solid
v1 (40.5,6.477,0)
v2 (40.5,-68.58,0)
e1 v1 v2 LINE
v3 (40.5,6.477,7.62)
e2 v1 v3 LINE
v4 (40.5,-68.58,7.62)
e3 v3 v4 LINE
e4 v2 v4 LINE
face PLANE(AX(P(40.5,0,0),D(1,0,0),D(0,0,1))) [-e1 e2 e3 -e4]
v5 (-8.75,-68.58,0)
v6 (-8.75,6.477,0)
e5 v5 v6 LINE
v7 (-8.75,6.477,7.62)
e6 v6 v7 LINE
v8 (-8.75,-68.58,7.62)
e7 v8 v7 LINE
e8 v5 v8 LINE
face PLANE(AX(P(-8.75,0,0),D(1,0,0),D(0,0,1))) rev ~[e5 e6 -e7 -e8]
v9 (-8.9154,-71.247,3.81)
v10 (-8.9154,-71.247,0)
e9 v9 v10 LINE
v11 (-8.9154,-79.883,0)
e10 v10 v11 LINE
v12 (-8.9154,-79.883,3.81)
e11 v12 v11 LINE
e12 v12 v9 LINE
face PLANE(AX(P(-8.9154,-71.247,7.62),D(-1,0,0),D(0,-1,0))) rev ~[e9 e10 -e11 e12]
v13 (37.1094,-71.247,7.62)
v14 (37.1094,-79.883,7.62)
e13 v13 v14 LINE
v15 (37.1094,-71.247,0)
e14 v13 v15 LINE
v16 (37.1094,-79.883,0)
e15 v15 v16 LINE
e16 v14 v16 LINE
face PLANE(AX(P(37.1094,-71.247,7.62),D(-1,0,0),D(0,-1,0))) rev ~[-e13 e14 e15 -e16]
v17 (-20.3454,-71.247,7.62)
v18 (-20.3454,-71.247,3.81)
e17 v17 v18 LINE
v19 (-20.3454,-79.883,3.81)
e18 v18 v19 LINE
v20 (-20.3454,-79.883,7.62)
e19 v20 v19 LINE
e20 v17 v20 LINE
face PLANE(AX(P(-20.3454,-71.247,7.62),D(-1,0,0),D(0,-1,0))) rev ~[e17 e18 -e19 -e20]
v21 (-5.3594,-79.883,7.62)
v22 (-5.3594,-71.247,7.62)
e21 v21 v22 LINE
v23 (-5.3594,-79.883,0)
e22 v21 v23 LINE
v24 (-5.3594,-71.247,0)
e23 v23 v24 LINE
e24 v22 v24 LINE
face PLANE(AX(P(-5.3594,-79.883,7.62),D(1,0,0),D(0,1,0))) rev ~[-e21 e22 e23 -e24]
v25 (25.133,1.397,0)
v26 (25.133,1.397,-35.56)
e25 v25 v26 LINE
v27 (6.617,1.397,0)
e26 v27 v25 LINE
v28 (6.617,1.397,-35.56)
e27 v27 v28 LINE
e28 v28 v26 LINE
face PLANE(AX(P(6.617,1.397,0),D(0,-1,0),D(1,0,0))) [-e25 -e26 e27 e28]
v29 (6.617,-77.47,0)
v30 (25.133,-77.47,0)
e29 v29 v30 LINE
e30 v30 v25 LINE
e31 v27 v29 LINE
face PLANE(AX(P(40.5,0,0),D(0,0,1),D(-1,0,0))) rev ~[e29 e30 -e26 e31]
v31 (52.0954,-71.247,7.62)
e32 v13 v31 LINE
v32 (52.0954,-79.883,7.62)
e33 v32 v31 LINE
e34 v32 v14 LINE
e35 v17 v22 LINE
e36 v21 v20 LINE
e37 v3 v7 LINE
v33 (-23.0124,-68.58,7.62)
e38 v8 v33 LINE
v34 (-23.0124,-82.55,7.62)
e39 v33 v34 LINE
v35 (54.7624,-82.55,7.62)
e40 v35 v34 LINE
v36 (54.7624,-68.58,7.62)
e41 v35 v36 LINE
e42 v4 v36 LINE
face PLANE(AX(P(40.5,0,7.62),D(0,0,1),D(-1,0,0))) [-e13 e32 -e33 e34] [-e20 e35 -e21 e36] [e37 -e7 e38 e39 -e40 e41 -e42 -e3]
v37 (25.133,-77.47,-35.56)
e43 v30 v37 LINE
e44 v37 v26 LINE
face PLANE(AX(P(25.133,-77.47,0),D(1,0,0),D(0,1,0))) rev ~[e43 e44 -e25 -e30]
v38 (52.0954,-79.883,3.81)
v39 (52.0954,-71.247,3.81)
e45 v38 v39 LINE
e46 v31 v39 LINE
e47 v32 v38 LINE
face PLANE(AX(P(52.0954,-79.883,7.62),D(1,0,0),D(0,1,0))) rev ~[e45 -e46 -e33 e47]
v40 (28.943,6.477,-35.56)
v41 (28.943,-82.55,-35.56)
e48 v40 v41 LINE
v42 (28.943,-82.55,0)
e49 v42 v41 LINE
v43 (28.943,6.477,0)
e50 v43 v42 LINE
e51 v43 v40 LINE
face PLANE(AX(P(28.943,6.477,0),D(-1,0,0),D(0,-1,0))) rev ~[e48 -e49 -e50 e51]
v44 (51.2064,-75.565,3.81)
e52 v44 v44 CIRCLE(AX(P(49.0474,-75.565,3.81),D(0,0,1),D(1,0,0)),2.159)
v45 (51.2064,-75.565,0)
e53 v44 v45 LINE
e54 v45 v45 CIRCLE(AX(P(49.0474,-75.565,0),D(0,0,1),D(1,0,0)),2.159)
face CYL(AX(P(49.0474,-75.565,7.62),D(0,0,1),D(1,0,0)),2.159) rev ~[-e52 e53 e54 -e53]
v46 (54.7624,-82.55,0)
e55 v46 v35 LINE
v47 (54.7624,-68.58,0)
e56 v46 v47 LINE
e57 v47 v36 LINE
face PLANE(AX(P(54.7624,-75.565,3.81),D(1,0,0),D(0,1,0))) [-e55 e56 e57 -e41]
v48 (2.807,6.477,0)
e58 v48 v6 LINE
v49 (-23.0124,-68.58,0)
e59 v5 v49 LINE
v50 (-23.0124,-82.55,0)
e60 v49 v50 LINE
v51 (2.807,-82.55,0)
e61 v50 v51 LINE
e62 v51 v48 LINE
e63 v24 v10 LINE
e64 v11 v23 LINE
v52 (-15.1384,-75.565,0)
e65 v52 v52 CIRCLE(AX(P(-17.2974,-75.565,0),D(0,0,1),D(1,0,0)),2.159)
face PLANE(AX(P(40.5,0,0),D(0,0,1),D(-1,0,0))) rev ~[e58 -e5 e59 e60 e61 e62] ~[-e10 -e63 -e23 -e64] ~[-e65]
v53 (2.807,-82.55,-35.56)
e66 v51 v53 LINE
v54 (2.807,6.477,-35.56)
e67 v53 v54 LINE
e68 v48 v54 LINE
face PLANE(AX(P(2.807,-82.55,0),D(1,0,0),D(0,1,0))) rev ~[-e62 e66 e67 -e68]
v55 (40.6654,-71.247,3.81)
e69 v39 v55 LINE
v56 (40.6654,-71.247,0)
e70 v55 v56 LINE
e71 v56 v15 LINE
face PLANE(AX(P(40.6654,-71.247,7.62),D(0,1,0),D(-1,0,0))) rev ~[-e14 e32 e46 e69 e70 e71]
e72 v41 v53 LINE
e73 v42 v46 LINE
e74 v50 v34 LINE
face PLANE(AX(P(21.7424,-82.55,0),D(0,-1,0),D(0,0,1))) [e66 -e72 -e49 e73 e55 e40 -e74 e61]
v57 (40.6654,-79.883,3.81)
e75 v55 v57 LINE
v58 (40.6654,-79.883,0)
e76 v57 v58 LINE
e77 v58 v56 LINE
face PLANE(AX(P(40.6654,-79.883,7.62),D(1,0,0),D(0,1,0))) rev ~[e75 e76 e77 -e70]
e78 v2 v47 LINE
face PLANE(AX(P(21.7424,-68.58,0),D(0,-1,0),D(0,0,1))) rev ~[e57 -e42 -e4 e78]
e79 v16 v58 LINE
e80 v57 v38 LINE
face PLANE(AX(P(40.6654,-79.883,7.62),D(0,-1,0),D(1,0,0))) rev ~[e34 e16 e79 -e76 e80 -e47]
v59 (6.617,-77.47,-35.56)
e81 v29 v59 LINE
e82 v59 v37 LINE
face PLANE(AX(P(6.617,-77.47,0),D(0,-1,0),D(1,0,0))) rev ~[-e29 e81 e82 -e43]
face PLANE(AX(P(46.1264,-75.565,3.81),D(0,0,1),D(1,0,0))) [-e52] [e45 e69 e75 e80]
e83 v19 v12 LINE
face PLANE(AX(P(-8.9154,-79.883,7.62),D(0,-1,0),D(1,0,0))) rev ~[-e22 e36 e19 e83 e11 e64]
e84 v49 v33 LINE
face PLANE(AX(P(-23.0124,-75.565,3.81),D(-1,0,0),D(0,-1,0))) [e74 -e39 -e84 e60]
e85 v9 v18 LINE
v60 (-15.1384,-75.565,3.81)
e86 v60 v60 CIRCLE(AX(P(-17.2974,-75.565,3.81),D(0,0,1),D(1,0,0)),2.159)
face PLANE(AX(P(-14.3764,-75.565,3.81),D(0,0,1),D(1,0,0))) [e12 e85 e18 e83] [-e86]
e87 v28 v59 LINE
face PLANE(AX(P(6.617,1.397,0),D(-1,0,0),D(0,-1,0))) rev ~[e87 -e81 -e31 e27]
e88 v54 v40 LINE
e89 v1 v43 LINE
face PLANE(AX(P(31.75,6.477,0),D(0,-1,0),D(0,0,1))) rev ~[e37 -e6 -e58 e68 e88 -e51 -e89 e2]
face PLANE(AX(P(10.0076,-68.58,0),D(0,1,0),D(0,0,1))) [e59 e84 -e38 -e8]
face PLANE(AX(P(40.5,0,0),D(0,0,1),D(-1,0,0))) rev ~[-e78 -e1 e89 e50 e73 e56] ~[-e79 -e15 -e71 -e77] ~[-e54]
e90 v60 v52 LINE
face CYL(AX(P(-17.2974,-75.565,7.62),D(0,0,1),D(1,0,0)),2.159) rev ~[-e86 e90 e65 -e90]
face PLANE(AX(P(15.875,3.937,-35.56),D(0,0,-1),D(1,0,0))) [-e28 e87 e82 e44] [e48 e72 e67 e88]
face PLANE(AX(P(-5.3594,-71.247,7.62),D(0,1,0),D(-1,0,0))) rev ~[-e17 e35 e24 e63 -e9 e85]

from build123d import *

# Parameters (mm, degrees)
F0_W      = 31.75
F0_H      = 63.5
F1_DEPTH  = 7.62
F2_W      = 11.7348
F2_H      = 7.62
F3_DEPTH  = 19.05
F4_W      = 13.97
F4_H      = 7.62
F5_DEPTH  = 33.02
F6_W      = 13.97
F6_H      = 7.62
F7_DEPTH  = 33.02
F8_R      = 2.159
F8_W      = 0.508
F8_H      = 7.62
F8_W_2    = 2.54
F9_DEPTH  = 7.621
F10_DEPTH = 10.0076
F11_DEPTH = 10.0076
F8_W_3    = 10.922
F12_DEPTH = 3.81
F13_DEPTH = 8.75000028
F14_DEPTH = 8.75000028
F15_DEPTH = 6.477
F16_W     = 18.51600056
F16_H     = 5.08
F17_DEPTH = 35.56


with BuildPart() as f1:
    # F0 (on Top) → F1 (new body)
    with BuildSketch(Plane.XY):
        with Locations((15.875, -31.75)):
            Rectangle(F0_W, F0_H)
    extrude(amount=F1_DEPTH)

    # F2 (on face) → F3 (join)
    with BuildSketch(Plane.XZ.offset(63.5)):
        with Locations((15.875, 3.81)):
            Rectangle(F2_W, F2_H)
    extrude(amount=F3_DEPTH)

    # F4 (on face) → F5 (join)
    with BuildSketch(Plane(origin=(10.0076, 0, 0), x_dir=(0, -1, 0), z_dir=(-1, 0, 0))):
        with Locations((75.565, 3.81)):
            Rectangle(F4_W, F4_H)
    extrude(amount=F5_DEPTH)

    # F6 (on face) → F7 (join)
    with BuildSketch(Plane.YZ.offset(21.7424)):
        with Locations((-75.565, 3.81)):
            Rectangle(F6_W, F6_H)
    extrude(amount=F7_DEPTH)

    # F8 (on face) → F9 (cut, through all)
    with BuildSketch(Plane.XY.offset(7.62)):
        with Locations((49.0474, -75.565)):
            Circle(F8_R)
        Polygon((37.6174, -71.755), (40.1574, -71.755), (40.6654, -71.755), (40.6654, -71.247), (37.1094, -71.247), (37.1094, -79.883), (40.6654, -79.883), (40.6654, -79.375), (40.1574, -79.375), (37.6174, -79.375), align=None)
        with Locations((40.4114, -75.565)):
            Rectangle(F8_W, F8_H)
        with Locations((38.8874, -75.565)):
            Rectangle(F8_W_2, F8_H)
        with Locations((-17.2974, -75.565)):
            Circle(F8_R)
        Polygon((-8.4074, -71.755), (-5.8674, -71.755), (-5.8674, -79.375), (-8.4074, -79.375), (-8.9154, -79.375), (-8.9154, -79.883), (-5.3594, -79.883), (-5.3594, -71.247), (-8.9154, -71.247), (-8.9154, -71.755), align=None)
        with Locations((-8.6614, -75.565)):
            Rectangle(F8_W, F8_H)
        with Locations((-7.1374, -75.565)):
            Rectangle(F8_W_2, F8_H)
    extrude(amount=-F9_DEPTH, mode=Mode.SUBTRACT)

    # F10 (add): a face of the model
    f10_faces = [f1.faces().sort_by_distance(p)[0] for p in [
        (10.0076, -66.04, 3.81),
    ]]
    extrude(f10_faces, amount=F10_DEPTH)

    # F11 (add): a face of the model
    f11_faces = [f1.faces().sort_by_distance(p)[0] for p in [
        (21.7424, -66.04, 3.81),
    ]]
    extrude(f11_faces, amount=F11_DEPTH)

    # F8 (on face) → F12 (cut)
    with BuildSketch(Plane.XY.offset(7.62)):
        with Locations((46.1264, -75.565)):
            Rectangle(F8_W_3, F8_H)
        with Locations((49.0474, -75.565)):
            Circle(F8_R, mode=Mode.SUBTRACT)
        Polygon((40.6654, -71.247), (40.6654, -71.755), (51.5874, -71.755), (51.5874, -79.375), (40.6654, -79.375), (40.6654, -79.883), (52.0954, -79.883), (52.0954, -71.247), align=None)
        with Locations((-14.3764, -75.565)):
            Rectangle(F8_W_3, F8_H)
        with Locations((-17.2974, -75.565)):
            Circle(F8_R, mode=Mode.SUBTRACT)
        Polygon((-19.8374, -71.755), (-8.9154, -71.755), (-8.9154, -71.247), (-20.3454, -71.247), (-20.3454, -79.883), (-8.9154, -79.883), (-8.9154, -79.375), (-19.8374, -79.375), align=None)
    extrude(amount=-F12_DEPTH, mode=Mode.SUBTRACT)

    # F13 (add): a face of the model
    f13_faces = [f1.faces().sort_by_distance(p)[0] for p in [
        (0, -34.29, 3.81),
    ]]
    extrude(f13_faces, amount=F13_DEPTH)

    # F14 (add): a face of the model
    f14_faces = [f1.faces().sort_by_distance(p)[0] for p in [
        (31.75, -34.29, 3.81),
    ]]
    extrude(f14_faces, amount=F14_DEPTH)

    # F15 (add): a face of the model
    f15_faces = [f1.faces().sort_by_distance(p)[0] for p in [
        (15.875, 0, 3.81),
    ]]
    extrude(f15_faces, amount=F15_DEPTH)

    # F16 (on face) → F17 (join)
    with BuildSketch(Plane(origin=(0, 0, 0), x_dir=(1, 0, 0), z_dir=(0, 0, -1))):
        with Locations((15.875, -3.937)):
            Rectangle(F16_W, F16_H)
        with Locations((15.875, 80.01)):
            Rectangle(F16_W, F16_H)
        Polygon((2.80699972, -6.477), (6.61699972, -6.477), (6.61699972, -1.397), (6.61699972, 77.47), (6.61699972, 82.55), (2.80699972, 82.55), align=None)
        Polygon((25.13300028, -1.397), (25.13300028, -6.477), (28.94300028, -6.477), (28.94300028, 82.55), (25.13300028, 82.55), (25.13300028, 77.47), align=None)
    extrude(amount=F17_DEPTH)


solid = f1.part
